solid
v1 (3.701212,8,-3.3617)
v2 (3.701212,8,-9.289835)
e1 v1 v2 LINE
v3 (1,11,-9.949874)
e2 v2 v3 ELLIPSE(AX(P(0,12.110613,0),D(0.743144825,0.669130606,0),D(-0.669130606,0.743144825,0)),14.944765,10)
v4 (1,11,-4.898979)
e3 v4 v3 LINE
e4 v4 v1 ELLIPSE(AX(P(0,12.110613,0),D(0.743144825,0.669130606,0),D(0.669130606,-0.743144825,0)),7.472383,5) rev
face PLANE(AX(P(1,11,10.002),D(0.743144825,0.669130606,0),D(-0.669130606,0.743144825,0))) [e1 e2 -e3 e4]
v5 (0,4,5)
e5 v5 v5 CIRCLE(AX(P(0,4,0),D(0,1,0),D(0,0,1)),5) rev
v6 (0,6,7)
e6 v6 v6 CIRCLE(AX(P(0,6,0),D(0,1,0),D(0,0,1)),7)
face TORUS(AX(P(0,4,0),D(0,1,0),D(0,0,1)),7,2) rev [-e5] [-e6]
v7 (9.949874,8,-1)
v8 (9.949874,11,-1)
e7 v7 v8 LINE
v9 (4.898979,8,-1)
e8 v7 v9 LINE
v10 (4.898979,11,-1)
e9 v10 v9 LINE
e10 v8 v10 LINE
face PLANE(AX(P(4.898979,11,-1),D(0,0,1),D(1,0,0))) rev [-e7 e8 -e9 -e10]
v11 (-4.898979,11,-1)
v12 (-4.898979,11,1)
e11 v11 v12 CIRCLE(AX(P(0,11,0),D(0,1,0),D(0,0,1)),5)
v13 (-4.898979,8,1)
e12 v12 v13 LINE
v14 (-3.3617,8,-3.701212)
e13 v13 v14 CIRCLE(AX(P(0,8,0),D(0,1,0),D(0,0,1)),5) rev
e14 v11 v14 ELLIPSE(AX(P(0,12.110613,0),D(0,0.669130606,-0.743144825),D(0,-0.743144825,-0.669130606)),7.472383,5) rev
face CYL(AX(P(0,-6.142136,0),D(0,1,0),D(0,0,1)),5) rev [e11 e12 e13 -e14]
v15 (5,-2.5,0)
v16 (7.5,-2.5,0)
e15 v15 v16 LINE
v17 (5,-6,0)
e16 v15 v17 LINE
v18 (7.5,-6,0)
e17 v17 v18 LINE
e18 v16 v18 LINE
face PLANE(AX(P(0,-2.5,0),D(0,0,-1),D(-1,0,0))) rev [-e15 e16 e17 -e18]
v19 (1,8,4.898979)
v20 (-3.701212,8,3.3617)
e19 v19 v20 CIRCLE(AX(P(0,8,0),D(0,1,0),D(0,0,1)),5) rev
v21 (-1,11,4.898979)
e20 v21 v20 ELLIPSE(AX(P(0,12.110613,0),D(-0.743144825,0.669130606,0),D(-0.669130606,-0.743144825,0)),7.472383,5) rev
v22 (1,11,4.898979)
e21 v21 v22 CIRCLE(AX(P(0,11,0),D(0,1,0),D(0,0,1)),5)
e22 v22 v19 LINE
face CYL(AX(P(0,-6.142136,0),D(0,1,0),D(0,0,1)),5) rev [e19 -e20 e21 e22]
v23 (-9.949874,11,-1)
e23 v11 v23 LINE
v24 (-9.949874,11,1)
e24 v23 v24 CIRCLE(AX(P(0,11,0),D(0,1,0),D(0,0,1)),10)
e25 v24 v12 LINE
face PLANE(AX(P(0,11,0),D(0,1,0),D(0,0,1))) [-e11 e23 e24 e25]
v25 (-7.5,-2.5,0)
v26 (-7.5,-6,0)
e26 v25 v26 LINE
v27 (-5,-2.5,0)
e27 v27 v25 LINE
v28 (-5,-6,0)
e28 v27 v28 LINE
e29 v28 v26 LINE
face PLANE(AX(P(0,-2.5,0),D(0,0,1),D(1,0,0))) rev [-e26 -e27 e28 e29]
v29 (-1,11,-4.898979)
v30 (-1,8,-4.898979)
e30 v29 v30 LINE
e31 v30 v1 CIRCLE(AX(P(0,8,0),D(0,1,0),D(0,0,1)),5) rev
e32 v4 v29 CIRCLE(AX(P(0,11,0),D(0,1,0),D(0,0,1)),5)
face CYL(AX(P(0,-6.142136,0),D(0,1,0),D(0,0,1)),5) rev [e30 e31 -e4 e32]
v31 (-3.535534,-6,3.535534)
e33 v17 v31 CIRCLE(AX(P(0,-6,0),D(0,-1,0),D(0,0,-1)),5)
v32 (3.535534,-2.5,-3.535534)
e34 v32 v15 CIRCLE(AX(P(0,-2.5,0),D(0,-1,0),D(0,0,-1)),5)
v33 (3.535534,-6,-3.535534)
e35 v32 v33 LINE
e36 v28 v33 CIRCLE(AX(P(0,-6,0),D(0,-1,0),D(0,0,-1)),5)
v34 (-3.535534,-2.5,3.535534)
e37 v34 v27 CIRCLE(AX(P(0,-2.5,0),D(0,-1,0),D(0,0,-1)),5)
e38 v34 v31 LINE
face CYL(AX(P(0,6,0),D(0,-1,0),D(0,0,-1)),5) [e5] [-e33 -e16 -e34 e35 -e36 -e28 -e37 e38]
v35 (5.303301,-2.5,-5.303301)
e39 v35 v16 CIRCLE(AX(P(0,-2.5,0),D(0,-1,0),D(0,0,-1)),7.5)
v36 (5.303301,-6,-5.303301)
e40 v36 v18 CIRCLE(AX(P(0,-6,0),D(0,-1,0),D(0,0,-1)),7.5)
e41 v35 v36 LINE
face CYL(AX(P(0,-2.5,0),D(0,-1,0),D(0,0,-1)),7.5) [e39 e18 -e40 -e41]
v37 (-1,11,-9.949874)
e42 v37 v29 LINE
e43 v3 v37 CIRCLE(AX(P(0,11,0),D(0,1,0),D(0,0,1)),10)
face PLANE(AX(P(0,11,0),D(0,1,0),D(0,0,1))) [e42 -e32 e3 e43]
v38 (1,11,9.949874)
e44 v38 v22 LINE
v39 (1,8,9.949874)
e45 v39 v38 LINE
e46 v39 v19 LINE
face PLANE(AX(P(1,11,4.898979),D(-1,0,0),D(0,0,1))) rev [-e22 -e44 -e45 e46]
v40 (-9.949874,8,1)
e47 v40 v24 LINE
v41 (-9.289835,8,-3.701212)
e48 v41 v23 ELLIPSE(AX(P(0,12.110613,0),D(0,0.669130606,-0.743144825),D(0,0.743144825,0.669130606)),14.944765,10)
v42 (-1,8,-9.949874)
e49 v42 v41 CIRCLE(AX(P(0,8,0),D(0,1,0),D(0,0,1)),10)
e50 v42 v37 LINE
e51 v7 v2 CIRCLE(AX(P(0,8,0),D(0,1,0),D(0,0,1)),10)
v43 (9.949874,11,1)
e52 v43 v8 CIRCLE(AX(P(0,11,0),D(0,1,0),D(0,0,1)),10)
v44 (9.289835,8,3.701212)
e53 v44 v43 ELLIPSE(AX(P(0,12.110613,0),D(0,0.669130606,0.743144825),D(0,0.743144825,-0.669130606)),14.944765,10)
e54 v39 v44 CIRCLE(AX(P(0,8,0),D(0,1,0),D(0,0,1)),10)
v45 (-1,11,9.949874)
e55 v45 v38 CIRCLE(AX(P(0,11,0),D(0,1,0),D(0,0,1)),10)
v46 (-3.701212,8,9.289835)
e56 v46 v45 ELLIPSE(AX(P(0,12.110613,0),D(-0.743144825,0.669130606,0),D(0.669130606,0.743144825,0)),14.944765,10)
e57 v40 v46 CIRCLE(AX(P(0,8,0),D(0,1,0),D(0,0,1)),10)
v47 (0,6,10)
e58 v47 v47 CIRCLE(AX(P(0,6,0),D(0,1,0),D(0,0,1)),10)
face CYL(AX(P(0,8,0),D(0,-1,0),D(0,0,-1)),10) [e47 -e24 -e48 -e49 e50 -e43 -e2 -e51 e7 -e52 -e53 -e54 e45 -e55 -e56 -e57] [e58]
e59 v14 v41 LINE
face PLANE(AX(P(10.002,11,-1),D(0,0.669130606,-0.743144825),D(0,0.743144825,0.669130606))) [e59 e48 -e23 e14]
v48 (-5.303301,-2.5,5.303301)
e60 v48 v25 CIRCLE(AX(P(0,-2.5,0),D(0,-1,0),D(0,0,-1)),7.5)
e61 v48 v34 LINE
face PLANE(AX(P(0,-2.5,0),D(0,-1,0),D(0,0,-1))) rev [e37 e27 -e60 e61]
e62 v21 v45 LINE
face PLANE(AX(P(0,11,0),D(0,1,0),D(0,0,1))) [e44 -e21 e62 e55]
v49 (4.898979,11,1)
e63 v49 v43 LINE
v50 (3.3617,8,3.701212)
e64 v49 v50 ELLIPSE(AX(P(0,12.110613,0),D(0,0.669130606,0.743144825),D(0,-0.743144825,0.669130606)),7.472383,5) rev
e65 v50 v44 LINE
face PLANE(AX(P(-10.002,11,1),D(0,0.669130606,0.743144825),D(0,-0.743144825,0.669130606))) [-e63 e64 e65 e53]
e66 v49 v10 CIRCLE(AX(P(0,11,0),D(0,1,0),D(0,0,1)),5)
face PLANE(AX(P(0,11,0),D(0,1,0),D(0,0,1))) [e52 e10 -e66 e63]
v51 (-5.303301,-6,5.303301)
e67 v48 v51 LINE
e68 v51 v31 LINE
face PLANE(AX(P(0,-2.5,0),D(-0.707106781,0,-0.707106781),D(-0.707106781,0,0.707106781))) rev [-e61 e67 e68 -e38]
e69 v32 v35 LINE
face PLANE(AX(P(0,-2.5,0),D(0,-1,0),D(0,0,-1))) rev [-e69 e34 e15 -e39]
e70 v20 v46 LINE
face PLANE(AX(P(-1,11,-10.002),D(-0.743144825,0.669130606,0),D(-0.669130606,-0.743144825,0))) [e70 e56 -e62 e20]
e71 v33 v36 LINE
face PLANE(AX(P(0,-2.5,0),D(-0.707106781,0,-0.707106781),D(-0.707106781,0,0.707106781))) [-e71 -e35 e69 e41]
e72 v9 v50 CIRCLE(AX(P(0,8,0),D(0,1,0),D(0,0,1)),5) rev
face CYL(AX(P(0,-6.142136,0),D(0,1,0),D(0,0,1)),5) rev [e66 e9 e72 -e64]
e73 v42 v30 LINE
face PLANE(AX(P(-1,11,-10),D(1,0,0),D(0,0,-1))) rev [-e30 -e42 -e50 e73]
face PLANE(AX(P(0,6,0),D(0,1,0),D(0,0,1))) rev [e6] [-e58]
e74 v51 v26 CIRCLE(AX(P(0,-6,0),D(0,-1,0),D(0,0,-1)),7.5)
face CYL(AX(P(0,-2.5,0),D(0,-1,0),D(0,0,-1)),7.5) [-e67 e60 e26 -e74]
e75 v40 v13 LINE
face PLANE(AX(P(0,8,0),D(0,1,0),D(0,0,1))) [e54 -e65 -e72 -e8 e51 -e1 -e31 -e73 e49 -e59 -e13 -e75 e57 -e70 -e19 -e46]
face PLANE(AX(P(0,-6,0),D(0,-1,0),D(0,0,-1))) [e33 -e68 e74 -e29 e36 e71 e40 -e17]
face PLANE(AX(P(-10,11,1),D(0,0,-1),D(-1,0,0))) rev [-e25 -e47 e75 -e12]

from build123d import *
from build123d.topology import SkipClean

# Parameters (mm, degrees)
SKETCH1_R               = 5
BOSS_EXTRUDE1_DEPTH     = 6
BOSS_EXTRUDE5_START     = 6
SKETCH11_R              = 5
BOSS_EXTRUDE5_DEPTH     = 6
SKETCH2_R               = 10
BOSS_EXTRUDE2_DEPTH     = 2
BOSS_EXTRUDE3_DEPTH     = 3
BOSS_EXTRUDE4_REACH     = 26.92
CIRPATTERN1_COUNT       = 4
CUT_EXTRUDE3_DEPTH      = 20.8997487421324
CUT_EXTRUDE3_DEPTH_BACK = 20.8997487421324
SKETCH10_R              = 13.301263658979888
FILLET1_R               = 2
CUT_EXTRUDE4_START      = -3
SKETCH12_R              = 5
CUT_EXTRUDE4_DEPTH      = 3
BOSS_EXTRUDE6_DEPTH     = 3.5


with BuildPart() as part:
    # Sketch1 → Boss-Extrude1 (new body)
    with BuildSketch(Plane(origin=(0, 0, 0), x_dir=(1, 0, 0), z_dir=(0, 1, 0))):
        with Locations(Location((0, 0, 0), (0, 0, 270))):
            Circle(SKETCH1_R)
    extrude(amount=BOSS_EXTRUDE1_DEPTH)

    # Sketch11 → Boss-Extrude5 (add)
    with BuildSketch(Plane.XZ.offset(BOSS_EXTRUDE5_START)):
        with Locations(Location((0, 0, 0), (0, 0, 270))):
            Circle(SKETCH11_R)
    extrude(amount=-BOSS_EXTRUDE5_DEPTH)

    # Sketch2 → Boss-Extrude2 (add)
    with BuildSketch(Plane(origin=(0, 6, 0), x_dir=(1, 0, 0), z_dir=(0, 1, 0))):
        with Locations(Location((0, 0, 0), (0, 0, 270))):
            Circle(SKETCH2_R)
    extrude(amount=BOSS_EXTRUDE2_DEPTH)

    # Sketch4 → Boss-Extrude3 (add)
    with BuildSketch(Plane(origin=(0, 8, 0), x_dir=(1, 0, 0), z_dir=(0, 1, 0))):
        with BuildLine():
            Line((1, 9.999999999999998), (-1, 9.999999999999998))
            Line((-1, 9.999999999999998), (-1, 4.898979485566357))
            ThreePointArc((-1, 4.898979485566357), (-3.5355339059327378, 3.5355339059327386), (-4.898979485566357, 1))
            Line((-4.898979485566357, 1), (-10, 1.0000000000000004))
            Line((-10, 1.0000000000000004), (-10, -1))
            Line((-10, -1), (-4.898979485566357, -1))
            ThreePointArc((-4.898979485566357, -1), (-3.5355339059327378, -3.5355339059327386), (-1, -4.898979485566356))
            Line((-1, -4.898979485566356), (-1.0000000000000002, -10.000000000000002))
            Line((-1.0000000000000002, -10.000000000000002), (1.0000000000000002, -10))
            Line((1.0000000000000002, -10), (1, -4.898979485566356))
            ThreePointArc((1, -4.898979485566356), (3.5355339059327378, -3.5355339059327373), (4.898979485566357, -1))
            Line((4.898979485566357, -1), (10, -1))
            Line((10, -1), (10, 1))
            Line((10, 1), (4.898979485566357, 1))
            ThreePointArc((4.898979485566357, 1), (3.5355339059327378, 3.5355339059327386), (1, 4.898979485566357))
            Line((1, 4.898979485566357), (1, 9.999999999999998))
        make_face()
    extrude(amount=BOSS_EXTRUDE3_DEPTH)

    # Sketch9 → Boss-Extrude4 (add, up to next)
    with BuildSketch(Plane(origin=(0, 0, -9.999999999999998), x_dir=(-1, 0, 0), z_dir=(0, 0, -1)), mode=Mode.PRIVATE) as boss_extrude4_sk1:
        Polygon((-1, 11), (-3.7012121328935463, 8), (-1.000000000000001, 8), align=None)
    boss_extrude4_tool1 = extrude(boss_extrude4_sk1.sketch, amount=-BOSS_EXTRUDE4_REACH, mode=Mode.PRIVATE) - part.part
    boss_extrude4 = boss_extrude4_tool1.solids().sort_by_distance((1.900404, 9, -10))[0]
    add(boss_extrude4)

    # CirPattern1: Boss-Extrude4 ×4 about axis
    cirpattern1_axis = Axis((0, 0, 1.47e-15), (0, 1, 0))
    for i in range(1, CIRPATTERN1_COUNT):
        add(boss_extrude4.rotate(cirpattern1_axis, i * 360 / CIRPATTERN1_COUNT))

    # Sketch10 → Cut-Extrude3 (cut, two sides: drawn at the far end of the back side and taken through both)
    with BuildSketch(Plane(origin=(0, 8, 0), x_dir=(1, 0, 0), z_dir=(0, 1, 0)).offset(-CUT_EXTRUDE3_DEPTH_BACK)):
        Circle(SKETCH10_R)
        with BuildLine():
            ThreePointArc((9.9498743710662, 0.9999999999999999), (9.987460731103328, 0.5006277505981886), (10, 0))
            ThreePointArc((10, -2.45e-15), (-8.276838808655619, -5.611946127283498), (3.7012121328935477, 9.289834699676932))
            ThreePointArc((3.701212132893546, 9.28983469967693), (7.985510661293986, 6.019270676615241), (9.9498743710662, 1))
        make_face(mode=Mode.SUBTRACT)
    extrude(amount=CUT_EXTRUDE3_DEPTH + CUT_EXTRUDE3_DEPTH_BACK, mode=Mode.SUBTRACT)

    # Fillet1
    fillet1_edges = [part.edges().sort_by_distance(p)[0] for p in [
        (1.53e-15, 6, -5),
    ]]
    fillet(fillet1_edges, radius=FILLET1_R)

    # Sketch12 → Cut-Extrude4 (cut)
    with SkipClean():  # the faces are left unmerged after this step: merging them gives an invalid solid
        with BuildSketch(Plane(origin=(0, 11, 0), x_dir=(1, 0, 0), z_dir=(0, 1, 0)).offset(CUT_EXTRUDE4_START)):
            with Locations(Location((0, 0, 0), (0, 0, 90))):
                Circle(SKETCH12_R)
        extrude(amount=CUT_EXTRUDE4_DEPTH, mode=Mode.SUBTRACT)

    # Sketch14 → Boss-Extrude6 (add)
    with SkipClean():  # the faces are left unmerged after this step: merging them gives an invalid solid
        with BuildSketch(Plane.XZ.offset(6)):
            with BuildLine():
                ThreePointArc((-5, 6.1e-16), (-4.619397662556429, 1.9134171618254616), (-3.535533905932718, 3.535533905932757))
                Line((-3.535533905932719, 3.5355339059327564), (-5.303300858899078, 5.303300858899133))
                ThreePointArc((-5.303300858899077, 5.303300858899135), (-6.929096493834643, 2.8701257427381925), (-7.5, 9.2e-16))
                Line((-7.5, -2.4e-16), (-5, 0))
            make_face()
            with BuildLine():
                Line((7.5, -2.4e-16), (5, 0))
                ThreePointArc((5, -1.22e-15), (4.619397662556436, -1.9134171618254436), (3.535533905932746, -3.535533905932729))
                Line((3.535533905932746, -3.5355339059327293), (5.303300858899117, -5.303300858899095))
                ThreePointArc((5.3033008588991155, -5.303300858899099), (6.9290964938346535, -2.8701257427381655), (7.5, -1.84e-15))
            make_face()
        extrude(amount=-BOSS_EXTRUDE6_DEPTH)


solid = part.part
